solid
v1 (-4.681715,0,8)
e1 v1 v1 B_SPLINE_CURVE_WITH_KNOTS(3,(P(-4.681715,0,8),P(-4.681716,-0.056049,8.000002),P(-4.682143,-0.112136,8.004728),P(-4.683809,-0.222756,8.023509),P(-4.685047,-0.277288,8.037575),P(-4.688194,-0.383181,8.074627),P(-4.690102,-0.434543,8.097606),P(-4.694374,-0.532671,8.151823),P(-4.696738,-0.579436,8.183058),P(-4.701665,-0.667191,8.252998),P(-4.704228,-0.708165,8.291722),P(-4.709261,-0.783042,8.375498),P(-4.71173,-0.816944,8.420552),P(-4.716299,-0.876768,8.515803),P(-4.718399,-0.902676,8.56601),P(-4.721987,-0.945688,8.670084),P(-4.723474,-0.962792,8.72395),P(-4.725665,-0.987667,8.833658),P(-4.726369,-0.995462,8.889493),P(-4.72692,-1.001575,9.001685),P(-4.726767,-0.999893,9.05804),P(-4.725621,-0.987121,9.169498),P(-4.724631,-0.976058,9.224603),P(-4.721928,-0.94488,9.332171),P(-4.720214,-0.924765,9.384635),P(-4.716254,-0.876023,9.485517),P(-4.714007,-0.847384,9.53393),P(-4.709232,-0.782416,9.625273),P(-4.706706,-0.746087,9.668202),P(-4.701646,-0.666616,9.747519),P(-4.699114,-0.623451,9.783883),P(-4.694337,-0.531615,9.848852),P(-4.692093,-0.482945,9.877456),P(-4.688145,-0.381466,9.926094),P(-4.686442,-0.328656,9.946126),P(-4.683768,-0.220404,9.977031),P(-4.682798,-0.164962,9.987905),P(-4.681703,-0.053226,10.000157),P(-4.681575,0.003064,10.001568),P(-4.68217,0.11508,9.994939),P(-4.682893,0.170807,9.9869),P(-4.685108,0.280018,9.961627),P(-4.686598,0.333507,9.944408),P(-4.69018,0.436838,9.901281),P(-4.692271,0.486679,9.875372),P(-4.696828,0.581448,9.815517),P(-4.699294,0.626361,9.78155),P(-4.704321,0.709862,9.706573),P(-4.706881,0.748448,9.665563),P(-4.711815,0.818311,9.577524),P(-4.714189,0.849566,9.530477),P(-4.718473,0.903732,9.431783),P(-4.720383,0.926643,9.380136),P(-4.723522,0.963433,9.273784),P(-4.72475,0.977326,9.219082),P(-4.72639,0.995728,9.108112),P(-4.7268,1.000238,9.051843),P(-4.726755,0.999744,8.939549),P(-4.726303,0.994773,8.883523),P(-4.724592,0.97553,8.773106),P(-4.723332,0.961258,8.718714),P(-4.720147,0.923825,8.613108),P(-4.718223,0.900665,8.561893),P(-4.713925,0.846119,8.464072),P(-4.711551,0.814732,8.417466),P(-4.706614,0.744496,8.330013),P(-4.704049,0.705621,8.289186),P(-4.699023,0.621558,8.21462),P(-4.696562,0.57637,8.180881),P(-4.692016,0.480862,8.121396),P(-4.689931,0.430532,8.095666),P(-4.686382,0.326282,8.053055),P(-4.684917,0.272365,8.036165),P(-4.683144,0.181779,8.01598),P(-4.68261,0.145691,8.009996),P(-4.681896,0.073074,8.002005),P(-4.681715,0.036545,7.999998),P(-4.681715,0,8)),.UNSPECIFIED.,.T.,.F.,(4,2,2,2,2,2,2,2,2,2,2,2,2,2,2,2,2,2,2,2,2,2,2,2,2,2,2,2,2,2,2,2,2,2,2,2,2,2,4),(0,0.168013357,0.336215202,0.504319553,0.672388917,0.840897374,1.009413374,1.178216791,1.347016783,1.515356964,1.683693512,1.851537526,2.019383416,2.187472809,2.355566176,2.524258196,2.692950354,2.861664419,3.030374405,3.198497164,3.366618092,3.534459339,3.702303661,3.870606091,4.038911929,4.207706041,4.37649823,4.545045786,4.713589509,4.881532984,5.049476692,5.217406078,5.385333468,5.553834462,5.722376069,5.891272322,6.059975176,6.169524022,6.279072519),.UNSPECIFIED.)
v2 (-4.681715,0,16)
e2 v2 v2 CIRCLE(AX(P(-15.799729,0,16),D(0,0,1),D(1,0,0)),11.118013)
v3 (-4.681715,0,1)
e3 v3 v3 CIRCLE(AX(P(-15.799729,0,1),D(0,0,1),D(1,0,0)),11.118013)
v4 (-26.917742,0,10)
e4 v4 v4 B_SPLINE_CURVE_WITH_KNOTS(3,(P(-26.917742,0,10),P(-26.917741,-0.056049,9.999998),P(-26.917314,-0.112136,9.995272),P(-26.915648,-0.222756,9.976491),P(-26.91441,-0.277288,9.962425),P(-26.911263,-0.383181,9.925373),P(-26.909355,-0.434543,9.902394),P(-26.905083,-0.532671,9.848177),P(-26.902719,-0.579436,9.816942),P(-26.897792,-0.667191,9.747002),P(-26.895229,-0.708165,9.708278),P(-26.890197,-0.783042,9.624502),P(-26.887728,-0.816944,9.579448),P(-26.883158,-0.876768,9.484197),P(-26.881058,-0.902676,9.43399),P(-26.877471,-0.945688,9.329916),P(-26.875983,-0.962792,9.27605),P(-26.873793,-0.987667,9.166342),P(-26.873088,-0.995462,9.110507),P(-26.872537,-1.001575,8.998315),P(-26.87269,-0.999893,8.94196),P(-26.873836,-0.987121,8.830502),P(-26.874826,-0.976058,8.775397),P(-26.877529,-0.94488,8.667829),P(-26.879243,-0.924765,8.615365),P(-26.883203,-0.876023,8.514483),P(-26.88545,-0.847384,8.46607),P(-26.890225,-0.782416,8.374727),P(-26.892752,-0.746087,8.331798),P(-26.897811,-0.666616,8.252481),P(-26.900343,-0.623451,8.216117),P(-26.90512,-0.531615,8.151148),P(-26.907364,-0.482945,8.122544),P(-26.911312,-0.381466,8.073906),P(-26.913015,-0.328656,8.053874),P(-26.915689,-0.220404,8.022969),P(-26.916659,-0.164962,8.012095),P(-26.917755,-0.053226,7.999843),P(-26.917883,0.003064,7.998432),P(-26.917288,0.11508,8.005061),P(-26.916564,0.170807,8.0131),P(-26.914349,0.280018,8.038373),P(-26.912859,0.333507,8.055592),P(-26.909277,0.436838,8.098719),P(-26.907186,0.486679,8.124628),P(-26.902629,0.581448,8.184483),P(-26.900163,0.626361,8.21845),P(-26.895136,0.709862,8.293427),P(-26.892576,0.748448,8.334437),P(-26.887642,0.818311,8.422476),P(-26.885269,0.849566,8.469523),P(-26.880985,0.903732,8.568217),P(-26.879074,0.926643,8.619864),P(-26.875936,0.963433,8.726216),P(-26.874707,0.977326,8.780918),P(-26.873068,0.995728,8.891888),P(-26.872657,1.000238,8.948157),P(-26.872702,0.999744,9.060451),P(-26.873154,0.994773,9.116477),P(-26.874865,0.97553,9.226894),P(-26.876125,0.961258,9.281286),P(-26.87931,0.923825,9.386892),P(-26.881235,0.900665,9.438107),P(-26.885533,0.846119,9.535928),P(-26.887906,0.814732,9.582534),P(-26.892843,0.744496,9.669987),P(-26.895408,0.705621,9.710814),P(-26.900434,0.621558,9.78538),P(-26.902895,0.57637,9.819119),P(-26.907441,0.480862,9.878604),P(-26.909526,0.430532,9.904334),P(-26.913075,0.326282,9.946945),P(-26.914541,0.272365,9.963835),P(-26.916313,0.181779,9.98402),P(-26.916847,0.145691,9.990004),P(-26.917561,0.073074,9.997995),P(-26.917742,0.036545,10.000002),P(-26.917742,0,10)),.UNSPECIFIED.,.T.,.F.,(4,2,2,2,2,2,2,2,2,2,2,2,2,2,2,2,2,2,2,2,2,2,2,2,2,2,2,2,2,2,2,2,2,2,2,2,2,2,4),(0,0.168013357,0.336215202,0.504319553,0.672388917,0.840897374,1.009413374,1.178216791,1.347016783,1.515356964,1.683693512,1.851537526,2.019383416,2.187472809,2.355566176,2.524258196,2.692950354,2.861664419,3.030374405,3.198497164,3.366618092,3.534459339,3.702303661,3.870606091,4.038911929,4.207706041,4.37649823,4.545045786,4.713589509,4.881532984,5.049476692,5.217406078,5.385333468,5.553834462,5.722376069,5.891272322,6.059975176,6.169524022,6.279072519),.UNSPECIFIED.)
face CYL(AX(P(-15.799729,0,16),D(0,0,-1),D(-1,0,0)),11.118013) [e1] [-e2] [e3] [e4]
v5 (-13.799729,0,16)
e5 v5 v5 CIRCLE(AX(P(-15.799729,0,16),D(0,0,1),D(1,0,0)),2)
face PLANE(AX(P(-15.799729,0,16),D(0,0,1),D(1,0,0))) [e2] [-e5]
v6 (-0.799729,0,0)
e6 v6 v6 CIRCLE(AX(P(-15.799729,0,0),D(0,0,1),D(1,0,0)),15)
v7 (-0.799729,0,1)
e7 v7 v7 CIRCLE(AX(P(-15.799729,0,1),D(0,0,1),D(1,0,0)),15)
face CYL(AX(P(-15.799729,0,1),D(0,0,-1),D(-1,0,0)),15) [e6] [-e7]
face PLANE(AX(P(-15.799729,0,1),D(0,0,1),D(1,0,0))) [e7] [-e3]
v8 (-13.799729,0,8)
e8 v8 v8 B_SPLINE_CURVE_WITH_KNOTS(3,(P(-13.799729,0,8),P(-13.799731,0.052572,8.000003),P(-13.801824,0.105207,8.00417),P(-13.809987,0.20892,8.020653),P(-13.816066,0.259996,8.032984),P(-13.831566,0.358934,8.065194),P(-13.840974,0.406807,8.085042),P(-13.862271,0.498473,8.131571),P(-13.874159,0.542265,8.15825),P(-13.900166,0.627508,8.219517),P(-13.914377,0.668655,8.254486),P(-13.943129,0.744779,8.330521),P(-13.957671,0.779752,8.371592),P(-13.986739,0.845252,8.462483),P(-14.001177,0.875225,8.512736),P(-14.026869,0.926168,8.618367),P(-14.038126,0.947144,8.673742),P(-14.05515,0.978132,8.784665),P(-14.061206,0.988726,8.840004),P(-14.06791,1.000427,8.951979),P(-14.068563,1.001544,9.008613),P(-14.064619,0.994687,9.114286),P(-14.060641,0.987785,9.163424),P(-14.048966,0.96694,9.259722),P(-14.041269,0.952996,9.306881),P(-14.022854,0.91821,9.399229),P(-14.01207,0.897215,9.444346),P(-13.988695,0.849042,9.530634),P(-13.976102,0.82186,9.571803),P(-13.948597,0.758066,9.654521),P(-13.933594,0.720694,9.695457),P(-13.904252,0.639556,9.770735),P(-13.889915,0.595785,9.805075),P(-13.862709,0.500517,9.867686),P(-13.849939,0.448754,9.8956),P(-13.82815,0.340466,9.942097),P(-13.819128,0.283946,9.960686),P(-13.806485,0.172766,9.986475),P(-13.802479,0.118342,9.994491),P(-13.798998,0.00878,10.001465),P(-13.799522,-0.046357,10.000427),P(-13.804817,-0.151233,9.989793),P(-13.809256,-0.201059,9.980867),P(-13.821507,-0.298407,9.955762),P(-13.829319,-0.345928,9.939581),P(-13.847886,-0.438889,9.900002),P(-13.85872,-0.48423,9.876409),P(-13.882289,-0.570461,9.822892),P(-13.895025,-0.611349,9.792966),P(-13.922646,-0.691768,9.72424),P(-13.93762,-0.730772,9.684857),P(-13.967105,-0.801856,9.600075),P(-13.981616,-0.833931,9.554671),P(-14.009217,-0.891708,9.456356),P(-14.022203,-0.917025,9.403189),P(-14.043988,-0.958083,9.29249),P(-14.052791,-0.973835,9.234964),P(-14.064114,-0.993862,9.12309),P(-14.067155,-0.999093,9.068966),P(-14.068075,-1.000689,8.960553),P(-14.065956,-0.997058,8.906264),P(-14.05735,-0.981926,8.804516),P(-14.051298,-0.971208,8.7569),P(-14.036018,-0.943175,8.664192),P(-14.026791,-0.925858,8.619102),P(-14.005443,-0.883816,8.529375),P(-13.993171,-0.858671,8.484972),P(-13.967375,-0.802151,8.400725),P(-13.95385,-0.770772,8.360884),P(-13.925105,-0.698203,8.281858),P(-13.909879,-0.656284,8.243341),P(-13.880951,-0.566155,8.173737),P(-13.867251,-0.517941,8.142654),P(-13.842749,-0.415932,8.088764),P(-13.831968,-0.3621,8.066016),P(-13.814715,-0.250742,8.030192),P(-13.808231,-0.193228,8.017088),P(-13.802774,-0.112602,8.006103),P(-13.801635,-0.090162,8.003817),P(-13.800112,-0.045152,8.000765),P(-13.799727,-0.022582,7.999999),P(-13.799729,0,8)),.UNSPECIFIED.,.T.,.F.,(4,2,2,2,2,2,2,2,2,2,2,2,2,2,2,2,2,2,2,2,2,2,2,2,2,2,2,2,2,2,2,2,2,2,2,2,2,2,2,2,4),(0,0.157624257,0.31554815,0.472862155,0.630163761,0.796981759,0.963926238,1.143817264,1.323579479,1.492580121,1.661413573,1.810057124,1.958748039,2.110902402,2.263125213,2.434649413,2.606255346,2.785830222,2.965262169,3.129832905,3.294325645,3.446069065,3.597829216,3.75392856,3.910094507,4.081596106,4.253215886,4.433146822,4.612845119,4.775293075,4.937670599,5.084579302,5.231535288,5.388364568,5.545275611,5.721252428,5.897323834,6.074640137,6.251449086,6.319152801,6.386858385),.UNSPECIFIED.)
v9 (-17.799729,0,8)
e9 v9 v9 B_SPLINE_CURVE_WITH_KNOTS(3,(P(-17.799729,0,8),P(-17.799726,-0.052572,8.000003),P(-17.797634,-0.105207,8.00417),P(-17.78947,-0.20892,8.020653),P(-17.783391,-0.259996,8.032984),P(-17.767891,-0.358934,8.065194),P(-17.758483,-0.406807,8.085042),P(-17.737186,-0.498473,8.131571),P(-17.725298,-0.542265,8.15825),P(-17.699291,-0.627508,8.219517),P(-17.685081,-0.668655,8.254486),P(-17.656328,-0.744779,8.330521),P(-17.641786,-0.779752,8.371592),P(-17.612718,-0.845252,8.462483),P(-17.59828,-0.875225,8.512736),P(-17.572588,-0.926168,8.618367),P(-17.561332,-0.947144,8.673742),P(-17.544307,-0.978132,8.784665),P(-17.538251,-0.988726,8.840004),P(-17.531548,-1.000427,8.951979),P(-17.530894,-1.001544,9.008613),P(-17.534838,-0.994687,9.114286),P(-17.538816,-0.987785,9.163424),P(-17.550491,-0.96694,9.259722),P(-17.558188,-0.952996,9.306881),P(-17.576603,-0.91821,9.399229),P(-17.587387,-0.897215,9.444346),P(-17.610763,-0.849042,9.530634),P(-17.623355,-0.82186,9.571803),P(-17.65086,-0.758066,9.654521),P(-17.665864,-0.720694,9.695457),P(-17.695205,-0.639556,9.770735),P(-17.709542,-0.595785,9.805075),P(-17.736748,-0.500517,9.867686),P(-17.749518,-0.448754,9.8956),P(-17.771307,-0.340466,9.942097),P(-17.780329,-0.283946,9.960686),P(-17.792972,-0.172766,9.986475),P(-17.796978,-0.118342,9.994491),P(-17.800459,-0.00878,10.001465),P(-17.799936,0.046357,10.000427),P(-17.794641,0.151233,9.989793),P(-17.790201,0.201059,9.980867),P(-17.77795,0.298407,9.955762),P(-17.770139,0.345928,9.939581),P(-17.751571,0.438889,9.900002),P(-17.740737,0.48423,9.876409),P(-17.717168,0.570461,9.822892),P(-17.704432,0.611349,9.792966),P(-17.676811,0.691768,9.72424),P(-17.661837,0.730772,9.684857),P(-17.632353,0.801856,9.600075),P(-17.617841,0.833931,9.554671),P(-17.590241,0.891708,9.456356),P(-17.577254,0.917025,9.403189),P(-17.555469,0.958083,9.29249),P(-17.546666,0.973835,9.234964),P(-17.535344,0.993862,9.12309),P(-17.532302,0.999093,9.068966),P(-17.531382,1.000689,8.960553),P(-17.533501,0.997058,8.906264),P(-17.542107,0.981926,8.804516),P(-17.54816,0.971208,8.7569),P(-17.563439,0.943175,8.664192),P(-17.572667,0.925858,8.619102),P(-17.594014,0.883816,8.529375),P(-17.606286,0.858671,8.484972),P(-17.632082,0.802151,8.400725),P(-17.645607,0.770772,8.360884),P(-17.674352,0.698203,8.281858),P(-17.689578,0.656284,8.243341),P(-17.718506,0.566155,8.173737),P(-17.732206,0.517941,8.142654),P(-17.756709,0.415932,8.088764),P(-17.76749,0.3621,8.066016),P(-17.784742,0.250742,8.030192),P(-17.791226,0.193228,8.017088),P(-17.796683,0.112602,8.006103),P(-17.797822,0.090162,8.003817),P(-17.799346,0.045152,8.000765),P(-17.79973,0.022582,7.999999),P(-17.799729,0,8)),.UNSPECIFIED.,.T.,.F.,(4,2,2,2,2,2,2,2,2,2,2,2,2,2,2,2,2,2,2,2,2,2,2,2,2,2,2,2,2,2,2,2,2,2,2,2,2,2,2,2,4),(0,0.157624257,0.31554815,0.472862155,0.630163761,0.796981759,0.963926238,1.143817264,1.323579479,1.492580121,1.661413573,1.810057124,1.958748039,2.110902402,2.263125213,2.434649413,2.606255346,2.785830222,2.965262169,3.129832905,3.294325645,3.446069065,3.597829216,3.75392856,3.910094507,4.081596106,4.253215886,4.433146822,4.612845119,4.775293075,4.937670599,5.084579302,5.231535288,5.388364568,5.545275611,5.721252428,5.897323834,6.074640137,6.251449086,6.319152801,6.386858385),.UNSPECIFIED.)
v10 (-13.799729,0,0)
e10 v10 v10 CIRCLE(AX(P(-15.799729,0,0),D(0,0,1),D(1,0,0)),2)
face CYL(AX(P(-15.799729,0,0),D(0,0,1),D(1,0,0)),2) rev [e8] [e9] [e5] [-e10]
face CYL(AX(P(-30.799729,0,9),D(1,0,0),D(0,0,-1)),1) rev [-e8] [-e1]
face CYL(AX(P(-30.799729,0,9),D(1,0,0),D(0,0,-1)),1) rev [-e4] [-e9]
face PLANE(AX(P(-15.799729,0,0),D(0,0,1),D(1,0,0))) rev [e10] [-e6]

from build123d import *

# Parameters (mm, degrees)
IZIM1_R                     = 15
Y_KSEKLIK_EKSTR_ZYON1_DEPTH = 1
IZIM2_R                     = 11.118013459
Y_KSEKLIK_EKSTR_ZYON2_DEPTH = 15
IZIM3_R                     = 2
KES_EKSTR_ZYON1_DEPTH       = 17
SKETCH1_R                   = 1
CUT_EXTRUDE1_DEPTH          = 31.799728609


with BuildPart() as part:
    # Çizim1 → Yükseklik-Ekstrüzyon1 (new body)
    with BuildSketch(Plane.XY):
        with Locations((-15.799728609, 0)):
            Circle(IZIM1_R)
    extrude(amount=Y_KSEKLIK_EKSTR_ZYON1_DEPTH)

    # Çizim2 → Yükseklik-Ekstrüzyon2 (add)
    with BuildSketch(Plane.XY.offset(1)):
        with Locations((-15.799728609, 0)):
            Circle(IZIM2_R)
    extrude(amount=Y_KSEKLIK_EKSTR_ZYON2_DEPTH)

    # Çizim3 → Kes-Ekstrüzyon1 (cut, through all)
    with BuildSketch(Plane.XY.offset(16)):
        with Locations((-15.799728609, 0)):
            Circle(IZIM3_R)
    extrude(amount=-KES_EKSTR_ZYON1_DEPTH, mode=Mode.SUBTRACT)

    # Sketch1 → Cut-Extrude1 (cut, through all)
    with BuildSketch(Plane(origin=(0, 0, 0), x_dir=(0, 0, -1), z_dir=(1, 0, 0))):
        with Locations((-9, 0)):
            Circle(SKETCH1_R)
    extrude(amount=-CUT_EXTRUDE1_DEPTH, mode=Mode.SUBTRACT)


solid = part.part
